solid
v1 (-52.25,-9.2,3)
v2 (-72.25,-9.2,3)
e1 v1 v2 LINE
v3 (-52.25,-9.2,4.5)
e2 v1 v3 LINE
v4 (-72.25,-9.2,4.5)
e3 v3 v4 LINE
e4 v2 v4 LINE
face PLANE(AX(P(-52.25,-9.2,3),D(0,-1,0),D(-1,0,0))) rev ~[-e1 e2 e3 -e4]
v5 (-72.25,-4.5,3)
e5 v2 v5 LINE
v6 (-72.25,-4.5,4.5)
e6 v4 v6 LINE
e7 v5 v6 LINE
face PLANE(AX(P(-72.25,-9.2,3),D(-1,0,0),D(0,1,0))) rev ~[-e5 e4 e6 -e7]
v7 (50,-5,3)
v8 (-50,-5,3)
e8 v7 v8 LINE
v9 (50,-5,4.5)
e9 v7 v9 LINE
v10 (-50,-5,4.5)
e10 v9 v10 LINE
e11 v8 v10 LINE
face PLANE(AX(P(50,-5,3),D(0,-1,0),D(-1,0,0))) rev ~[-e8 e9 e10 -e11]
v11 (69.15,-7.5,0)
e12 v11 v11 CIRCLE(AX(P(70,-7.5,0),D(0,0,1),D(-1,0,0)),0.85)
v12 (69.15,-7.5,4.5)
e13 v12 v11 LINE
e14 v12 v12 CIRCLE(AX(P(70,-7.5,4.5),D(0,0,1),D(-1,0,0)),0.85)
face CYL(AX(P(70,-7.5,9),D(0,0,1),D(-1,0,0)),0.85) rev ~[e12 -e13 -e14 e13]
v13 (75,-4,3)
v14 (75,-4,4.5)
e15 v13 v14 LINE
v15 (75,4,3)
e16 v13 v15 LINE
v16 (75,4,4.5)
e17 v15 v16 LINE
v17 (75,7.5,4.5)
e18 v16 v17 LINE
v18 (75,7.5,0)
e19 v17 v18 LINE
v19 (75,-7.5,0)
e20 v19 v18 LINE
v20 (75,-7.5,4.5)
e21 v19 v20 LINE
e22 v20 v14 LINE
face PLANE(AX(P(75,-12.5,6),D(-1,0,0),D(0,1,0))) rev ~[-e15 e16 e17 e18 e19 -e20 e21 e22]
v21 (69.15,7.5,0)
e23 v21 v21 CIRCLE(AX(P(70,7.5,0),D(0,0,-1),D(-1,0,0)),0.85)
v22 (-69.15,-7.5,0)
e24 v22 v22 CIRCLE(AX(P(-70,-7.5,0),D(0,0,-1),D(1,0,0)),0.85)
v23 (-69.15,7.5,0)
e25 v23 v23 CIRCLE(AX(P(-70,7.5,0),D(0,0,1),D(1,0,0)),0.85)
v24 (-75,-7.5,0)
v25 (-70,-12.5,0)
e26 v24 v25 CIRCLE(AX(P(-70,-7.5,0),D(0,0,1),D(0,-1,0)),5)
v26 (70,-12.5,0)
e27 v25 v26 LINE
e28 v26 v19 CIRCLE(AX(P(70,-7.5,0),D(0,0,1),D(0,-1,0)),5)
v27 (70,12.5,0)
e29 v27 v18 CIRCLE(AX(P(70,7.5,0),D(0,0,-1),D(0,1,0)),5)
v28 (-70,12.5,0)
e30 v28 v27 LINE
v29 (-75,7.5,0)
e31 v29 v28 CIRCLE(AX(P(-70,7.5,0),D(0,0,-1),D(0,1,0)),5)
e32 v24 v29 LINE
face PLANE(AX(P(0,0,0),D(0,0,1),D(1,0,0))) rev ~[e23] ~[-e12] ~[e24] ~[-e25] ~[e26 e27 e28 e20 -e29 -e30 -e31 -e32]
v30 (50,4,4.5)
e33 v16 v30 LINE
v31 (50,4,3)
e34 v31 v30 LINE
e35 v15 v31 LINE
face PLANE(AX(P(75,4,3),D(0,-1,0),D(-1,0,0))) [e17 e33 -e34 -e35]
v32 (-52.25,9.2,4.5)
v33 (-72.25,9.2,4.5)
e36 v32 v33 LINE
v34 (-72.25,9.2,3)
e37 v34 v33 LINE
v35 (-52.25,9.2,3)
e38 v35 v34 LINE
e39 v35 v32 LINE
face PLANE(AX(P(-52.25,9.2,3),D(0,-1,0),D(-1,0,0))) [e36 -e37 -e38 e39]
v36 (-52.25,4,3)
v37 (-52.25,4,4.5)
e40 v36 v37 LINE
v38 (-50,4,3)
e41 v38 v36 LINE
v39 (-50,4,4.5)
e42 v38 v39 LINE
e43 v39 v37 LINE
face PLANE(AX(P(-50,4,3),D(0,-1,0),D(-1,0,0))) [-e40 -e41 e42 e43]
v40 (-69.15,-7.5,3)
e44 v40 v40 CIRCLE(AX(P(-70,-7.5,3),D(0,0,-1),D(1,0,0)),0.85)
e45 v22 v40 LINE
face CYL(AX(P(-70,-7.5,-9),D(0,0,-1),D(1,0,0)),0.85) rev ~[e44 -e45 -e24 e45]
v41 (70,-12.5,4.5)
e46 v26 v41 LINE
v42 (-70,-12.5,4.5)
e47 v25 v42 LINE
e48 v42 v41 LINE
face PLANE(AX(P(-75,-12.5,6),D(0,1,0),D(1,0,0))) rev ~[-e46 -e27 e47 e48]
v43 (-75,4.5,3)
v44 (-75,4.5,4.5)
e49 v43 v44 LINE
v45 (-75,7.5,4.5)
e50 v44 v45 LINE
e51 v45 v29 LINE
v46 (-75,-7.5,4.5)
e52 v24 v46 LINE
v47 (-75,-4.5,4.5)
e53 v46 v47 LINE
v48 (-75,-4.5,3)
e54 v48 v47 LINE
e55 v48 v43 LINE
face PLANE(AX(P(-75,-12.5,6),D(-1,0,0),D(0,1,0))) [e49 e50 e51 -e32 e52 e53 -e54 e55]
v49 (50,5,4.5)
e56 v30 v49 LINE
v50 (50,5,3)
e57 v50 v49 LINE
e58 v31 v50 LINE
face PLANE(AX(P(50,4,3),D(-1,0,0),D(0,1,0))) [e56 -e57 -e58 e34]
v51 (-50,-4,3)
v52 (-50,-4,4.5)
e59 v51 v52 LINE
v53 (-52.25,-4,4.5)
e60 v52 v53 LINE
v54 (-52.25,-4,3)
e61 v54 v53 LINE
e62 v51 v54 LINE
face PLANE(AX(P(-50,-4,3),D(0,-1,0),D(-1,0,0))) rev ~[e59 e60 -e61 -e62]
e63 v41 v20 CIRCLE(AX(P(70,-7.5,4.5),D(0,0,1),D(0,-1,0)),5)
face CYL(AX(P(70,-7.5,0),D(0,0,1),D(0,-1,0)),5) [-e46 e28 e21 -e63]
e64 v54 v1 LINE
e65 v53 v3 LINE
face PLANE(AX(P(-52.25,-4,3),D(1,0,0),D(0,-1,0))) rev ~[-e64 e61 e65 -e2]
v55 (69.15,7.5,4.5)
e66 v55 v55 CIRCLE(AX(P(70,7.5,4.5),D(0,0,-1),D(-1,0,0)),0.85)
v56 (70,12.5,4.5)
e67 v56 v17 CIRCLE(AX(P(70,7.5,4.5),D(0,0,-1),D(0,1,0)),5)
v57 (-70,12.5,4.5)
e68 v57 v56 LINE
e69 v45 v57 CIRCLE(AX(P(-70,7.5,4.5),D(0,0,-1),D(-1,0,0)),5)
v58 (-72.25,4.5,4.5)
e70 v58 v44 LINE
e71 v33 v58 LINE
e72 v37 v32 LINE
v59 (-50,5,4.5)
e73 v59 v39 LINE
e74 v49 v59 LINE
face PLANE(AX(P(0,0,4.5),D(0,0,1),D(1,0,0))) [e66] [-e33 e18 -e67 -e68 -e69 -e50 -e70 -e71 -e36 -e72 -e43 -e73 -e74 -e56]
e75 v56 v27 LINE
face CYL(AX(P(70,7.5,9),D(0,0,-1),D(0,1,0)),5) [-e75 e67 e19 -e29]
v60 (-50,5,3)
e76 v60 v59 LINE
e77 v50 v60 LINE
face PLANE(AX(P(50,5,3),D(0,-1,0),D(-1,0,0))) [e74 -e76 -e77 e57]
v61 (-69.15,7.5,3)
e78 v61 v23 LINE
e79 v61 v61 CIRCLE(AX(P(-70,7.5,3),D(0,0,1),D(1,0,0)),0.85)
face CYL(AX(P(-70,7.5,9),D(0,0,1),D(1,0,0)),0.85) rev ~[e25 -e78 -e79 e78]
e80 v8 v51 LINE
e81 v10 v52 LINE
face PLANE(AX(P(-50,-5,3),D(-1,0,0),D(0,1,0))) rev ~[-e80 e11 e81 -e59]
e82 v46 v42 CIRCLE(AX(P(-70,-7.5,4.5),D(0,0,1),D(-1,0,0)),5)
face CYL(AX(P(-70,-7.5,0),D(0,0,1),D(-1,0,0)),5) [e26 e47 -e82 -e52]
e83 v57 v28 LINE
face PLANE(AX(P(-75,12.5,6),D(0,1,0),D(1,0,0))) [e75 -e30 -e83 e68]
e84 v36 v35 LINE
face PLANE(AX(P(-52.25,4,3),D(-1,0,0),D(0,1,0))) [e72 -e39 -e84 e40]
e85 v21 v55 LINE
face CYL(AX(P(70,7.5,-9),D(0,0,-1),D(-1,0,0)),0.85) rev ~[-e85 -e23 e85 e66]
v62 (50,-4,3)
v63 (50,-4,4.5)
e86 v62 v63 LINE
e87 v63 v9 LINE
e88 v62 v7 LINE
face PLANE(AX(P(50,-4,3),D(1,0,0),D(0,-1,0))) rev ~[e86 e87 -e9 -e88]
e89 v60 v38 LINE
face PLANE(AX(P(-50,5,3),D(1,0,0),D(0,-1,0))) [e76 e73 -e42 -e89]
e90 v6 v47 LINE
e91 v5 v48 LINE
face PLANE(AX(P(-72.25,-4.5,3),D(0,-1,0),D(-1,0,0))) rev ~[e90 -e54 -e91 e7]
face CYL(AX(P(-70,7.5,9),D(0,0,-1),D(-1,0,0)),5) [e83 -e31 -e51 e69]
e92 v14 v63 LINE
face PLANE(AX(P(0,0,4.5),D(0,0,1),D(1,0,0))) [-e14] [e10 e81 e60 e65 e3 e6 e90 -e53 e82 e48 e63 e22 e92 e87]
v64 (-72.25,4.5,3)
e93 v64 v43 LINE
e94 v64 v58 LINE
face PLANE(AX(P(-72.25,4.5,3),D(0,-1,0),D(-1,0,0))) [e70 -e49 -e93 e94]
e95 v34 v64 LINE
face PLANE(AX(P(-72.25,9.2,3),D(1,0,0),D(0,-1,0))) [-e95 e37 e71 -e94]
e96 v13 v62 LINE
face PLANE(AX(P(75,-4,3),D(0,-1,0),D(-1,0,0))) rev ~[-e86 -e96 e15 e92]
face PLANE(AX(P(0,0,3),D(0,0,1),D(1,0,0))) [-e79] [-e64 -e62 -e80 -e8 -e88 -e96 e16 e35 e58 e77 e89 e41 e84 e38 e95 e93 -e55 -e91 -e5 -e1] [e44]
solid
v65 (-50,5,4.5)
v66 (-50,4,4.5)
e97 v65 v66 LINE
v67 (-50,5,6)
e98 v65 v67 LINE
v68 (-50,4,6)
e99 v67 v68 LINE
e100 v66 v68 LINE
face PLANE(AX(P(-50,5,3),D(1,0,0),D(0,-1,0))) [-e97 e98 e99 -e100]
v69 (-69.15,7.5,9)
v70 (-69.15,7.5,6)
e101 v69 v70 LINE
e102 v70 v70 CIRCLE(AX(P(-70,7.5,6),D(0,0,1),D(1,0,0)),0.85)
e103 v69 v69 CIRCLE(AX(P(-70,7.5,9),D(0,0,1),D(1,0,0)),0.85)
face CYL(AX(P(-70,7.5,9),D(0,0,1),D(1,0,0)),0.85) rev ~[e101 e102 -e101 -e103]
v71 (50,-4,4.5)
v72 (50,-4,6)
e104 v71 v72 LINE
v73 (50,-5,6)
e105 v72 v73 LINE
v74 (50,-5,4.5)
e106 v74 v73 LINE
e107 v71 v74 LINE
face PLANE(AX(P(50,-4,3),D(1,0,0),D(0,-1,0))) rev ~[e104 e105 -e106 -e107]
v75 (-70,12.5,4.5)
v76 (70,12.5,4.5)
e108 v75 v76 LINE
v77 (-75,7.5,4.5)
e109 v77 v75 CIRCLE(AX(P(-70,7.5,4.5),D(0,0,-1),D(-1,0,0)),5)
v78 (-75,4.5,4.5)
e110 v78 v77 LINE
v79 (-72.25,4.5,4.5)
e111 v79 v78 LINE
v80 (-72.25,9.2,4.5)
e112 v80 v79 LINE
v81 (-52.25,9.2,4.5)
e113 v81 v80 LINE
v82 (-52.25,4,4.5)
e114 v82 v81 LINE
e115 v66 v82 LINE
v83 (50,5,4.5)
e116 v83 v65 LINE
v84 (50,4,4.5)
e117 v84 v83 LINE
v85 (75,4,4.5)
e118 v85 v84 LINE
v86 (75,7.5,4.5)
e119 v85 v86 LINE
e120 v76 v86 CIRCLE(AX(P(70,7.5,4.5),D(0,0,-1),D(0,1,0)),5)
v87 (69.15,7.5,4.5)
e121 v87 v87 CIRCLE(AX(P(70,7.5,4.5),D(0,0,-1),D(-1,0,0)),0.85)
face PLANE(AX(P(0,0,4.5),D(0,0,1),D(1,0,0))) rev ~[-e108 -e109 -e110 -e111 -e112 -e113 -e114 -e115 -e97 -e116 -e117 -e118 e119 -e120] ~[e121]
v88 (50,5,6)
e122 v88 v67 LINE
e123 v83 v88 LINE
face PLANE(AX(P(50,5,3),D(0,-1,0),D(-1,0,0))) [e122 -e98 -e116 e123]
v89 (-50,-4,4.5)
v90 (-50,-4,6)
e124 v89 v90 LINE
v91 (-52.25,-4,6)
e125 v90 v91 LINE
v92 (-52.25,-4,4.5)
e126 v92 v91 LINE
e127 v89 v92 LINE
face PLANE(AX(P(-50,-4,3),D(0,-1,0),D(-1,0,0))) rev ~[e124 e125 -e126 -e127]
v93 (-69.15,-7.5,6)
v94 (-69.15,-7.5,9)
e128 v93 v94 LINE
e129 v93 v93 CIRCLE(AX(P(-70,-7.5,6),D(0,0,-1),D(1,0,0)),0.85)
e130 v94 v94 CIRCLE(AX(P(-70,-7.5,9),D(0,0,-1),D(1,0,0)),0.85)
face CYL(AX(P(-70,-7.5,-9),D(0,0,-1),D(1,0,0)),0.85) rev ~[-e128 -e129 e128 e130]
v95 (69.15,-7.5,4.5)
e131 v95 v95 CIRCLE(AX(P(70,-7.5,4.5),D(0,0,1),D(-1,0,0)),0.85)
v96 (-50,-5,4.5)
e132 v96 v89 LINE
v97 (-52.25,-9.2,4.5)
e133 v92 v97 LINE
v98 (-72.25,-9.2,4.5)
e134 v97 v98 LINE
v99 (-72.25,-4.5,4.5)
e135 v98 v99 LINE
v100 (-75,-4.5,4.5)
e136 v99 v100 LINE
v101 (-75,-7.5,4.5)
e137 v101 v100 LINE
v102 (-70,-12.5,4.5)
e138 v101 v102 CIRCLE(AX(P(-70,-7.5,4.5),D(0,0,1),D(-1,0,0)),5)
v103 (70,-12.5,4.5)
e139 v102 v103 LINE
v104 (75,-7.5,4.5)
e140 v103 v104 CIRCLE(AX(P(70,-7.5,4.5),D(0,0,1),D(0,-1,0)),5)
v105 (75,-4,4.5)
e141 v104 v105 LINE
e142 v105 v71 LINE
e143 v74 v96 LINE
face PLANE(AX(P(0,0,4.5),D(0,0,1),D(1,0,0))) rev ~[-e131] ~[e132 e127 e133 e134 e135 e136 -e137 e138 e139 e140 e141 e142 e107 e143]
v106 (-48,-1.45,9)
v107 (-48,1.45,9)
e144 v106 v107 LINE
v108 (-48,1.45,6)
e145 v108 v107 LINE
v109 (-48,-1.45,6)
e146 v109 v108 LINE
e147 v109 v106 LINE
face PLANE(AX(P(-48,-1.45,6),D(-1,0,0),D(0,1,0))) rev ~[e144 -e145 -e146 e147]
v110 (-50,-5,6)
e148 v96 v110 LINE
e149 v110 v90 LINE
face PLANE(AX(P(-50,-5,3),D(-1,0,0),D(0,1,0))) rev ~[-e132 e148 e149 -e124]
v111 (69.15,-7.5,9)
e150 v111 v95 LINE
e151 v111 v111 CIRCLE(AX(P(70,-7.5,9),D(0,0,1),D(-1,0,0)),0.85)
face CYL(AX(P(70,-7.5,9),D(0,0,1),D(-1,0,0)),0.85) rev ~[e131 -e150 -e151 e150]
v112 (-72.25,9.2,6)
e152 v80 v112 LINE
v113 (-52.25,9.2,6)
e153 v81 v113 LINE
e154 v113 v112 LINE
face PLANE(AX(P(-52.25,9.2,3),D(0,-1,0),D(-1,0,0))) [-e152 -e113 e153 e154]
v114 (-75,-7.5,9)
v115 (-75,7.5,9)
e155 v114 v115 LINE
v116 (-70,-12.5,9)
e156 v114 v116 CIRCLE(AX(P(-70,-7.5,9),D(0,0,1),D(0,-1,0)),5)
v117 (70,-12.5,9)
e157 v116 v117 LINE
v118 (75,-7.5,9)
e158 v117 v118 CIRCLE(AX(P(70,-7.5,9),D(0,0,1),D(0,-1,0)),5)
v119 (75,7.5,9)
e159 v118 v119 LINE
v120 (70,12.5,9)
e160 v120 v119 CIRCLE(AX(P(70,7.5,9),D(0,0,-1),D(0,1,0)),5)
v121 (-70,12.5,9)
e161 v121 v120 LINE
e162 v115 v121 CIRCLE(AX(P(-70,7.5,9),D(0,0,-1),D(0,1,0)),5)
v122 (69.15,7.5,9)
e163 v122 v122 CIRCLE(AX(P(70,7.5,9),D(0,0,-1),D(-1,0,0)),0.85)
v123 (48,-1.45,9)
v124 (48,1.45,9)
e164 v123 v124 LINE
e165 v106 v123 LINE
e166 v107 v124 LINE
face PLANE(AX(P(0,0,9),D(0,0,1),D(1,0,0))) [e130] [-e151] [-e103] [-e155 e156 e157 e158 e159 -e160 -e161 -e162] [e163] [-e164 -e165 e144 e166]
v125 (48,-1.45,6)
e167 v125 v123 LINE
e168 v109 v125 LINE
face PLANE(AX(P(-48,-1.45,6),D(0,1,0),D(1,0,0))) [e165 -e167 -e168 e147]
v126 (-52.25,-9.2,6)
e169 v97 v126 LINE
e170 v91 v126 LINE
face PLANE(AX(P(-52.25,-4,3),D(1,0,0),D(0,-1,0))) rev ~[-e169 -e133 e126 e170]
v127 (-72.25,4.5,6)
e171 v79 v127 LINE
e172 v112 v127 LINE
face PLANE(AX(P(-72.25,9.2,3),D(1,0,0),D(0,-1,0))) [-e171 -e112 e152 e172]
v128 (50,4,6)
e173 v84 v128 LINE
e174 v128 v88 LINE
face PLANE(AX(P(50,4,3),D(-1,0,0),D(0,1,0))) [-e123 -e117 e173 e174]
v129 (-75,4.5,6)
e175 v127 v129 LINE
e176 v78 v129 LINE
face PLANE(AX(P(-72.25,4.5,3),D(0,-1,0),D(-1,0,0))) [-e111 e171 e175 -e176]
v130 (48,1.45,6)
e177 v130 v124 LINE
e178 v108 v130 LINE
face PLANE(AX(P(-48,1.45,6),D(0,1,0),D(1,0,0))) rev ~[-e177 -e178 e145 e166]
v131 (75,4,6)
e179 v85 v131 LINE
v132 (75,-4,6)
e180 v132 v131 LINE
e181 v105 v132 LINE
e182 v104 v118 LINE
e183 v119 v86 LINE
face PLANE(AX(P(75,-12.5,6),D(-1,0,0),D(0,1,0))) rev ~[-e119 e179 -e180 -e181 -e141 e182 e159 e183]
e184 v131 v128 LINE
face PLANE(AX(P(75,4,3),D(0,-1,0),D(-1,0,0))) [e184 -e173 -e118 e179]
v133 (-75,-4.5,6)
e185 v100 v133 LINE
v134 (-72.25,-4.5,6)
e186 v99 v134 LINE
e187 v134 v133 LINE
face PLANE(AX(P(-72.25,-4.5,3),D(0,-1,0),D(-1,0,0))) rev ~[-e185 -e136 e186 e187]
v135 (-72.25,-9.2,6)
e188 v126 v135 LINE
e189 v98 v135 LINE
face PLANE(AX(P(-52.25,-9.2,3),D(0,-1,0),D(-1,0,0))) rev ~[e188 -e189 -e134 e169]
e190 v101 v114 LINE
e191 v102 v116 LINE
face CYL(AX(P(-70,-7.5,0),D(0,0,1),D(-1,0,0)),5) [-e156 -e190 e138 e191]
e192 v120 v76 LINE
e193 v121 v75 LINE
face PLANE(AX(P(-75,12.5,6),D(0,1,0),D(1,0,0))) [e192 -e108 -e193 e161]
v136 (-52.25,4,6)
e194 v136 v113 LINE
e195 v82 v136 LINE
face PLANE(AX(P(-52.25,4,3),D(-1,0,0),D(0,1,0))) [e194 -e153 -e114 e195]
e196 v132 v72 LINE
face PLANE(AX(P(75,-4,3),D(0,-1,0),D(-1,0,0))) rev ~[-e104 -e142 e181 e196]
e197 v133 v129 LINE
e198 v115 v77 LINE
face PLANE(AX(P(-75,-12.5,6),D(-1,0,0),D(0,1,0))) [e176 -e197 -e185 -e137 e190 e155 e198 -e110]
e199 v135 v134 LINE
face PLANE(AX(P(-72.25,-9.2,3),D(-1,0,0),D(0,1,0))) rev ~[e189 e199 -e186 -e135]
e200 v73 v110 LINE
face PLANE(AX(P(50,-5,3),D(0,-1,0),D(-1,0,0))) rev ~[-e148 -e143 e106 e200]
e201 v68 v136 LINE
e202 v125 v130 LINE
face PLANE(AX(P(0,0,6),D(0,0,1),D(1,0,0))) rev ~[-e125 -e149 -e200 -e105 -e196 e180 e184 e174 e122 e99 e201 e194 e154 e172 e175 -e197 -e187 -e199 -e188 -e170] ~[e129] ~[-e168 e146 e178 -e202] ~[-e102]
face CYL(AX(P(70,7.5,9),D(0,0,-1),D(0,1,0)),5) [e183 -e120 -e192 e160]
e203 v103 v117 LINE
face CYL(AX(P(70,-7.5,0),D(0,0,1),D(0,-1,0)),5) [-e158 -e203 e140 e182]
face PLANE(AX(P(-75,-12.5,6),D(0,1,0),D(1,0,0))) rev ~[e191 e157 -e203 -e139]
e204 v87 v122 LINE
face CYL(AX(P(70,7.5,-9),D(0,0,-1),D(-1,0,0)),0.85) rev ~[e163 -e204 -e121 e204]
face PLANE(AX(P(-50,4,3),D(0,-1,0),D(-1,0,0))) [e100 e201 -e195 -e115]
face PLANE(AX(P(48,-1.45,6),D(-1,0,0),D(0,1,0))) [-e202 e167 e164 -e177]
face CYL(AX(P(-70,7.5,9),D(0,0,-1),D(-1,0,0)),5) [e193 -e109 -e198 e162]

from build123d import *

# Parameters (mm, degrees)
BOX_BOTTOM_HALF_0_W     = 152
BOX_BOTTOM_HALF_0_H     = 27
BOX_BOTTOM_HALF_0_DEPTH = 5.5
SKETCH_W                = 150
SKETCH_H                = 25
PAD_DEPTH               = 3
PAD001_DEPTH            = 3
SKETCH004_W             = 150
SKETCH004_H             = 25
SKETCH004_W_2           = 96
SKETCH004_H_2           = 2.9
PAD002_DEPTH            = 3
SKETCH005_R             = 0.85
POCKET_DEPTH            = 313.671314
POLARPATTERN_COUNT      = 2
POLARPATTERN001_COUNT   = 2
POLARPATTERN002_COUNT   = 2
FILLET_R                = 5


with BuildPart() as box_bottom_half_0_body:
    # box_bottom_half_0 → box_bottom_half_0 (new body)
    with BuildSketch(Plane(origin=(-76, -13.5, -1), x_dir=(1, 0, 0), z_dir=(0, 0, 1))):
        with Locations((76, 13.5)):
            Rectangle(BOX_BOTTOM_HALF_0_W, BOX_BOTTOM_HALF_0_H)
    extrude(amount=BOX_BOTTOM_HALF_0_DEPTH)


with BuildPart() as body:
    # Sketch → Pad (new body)
    with BuildSketch(Plane.XY):
        Rectangle(SKETCH_W, SKETCH_H)
    extrude(amount=PAD_DEPTH)

    # Sketch001 (on Face6 of Pad) → Pad001 (join)
    with BuildSketch(Plane.XY.offset(3)):
        Polygon((-75, 12.5), (75, 12.5), (75, 4), (50, 4), (50, 5), (-50, 5), (-50, 4), (-52.25, 4), (-52.25, 9.2), (-72.25, 9.2), (-72.25, 4.5), (-75, 4.5), align=None)
        Polygon((-75, -12.5), (75, -12.5), (75, -4), (50, -4), (50, -5), (-50, -5), (-50, -4), (-52.25, -4), (-52.25, -9.2), (-72.25, -9.2), (-72.25, -4.5), (-75, -4.5), align=None)
    extrude(amount=PAD001_DEPTH)

    # Sketch004 (on Face12 of Pad001) → Pad002 (join)
    with BuildSketch(Plane.XY.offset(6)):
        Rectangle(SKETCH004_W, SKETCH004_H)
        Rectangle(SKETCH004_W_2, SKETCH004_H_2, mode=Mode.SUBTRACT)
    extrude(amount=PAD002_DEPTH)

    # Sketch005 (on Face34 of Pad002) → Pocket (cut, through all)
    with BuildSketch(Plane.XY.offset(9)):
        with Locations((-70, 7.5)):
            Circle(SKETCH005_R)
    pocket = extrude(amount=-POCKET_DEPTH, mode=Mode.SUBTRACT)

    # PolarPattern: Pocket ×2 about axis
    polarpattern_axis = Axis((0, 0, 9), (0, 0, 1))
    for i in range(1, POLARPATTERN_COUNT):
        add(pocket.rotate(polarpattern_axis, i * 360 / POLARPATTERN_COUNT), mode=Mode.SUBTRACT)

    # PolarPattern001: Pocket ×2 about axis
    polarpattern001_axis = Axis((0, 0, 0), (0, 1, 0))
    for i in range(1, POLARPATTERN001_COUNT):
        add(pocket.rotate(polarpattern001_axis, i * 360 / POLARPATTERN001_COUNT), mode=Mode.SUBTRACT)

    # PolarPattern002: Pocket ×2 about axis
    polarpattern002_axis = Axis((0, 0, 0), (1, 0, 0))
    for i in range(1, POLARPATTERN002_COUNT):
        add(pocket.rotate(polarpattern002_axis, i * 360 / POLARPATTERN002_COUNT), mode=Mode.SUBTRACT)

    # Fillet
    fillet_edges = [body.edges().sort_by_distance(p)[0] for p in [
        (75, -12.5, 7.5),
        (75, 12.5, 7.5),
        (-75, -12.5, 7.5),
        (-75, 12.5, 7.5),
    ]]
    fillet(fillet_edges, radius=FILLET_R)


with BuildPart() as bottom_half_0_body:
    # bottom_half_0 base: copy of Body
    add(body.part)

    # bottom_half_0: intersect box_bottom_half_0 body
    add(box_bottom_half_0_body.part, mode=Mode.INTERSECT)


with BuildPart() as top_half_0_body:
    # top_half_0 base: copy of Body
    add(body.part)

    # top_half_0: cut box_bottom_half_0 body
    add(box_bottom_half_0_body.part, mode=Mode.SUBTRACT)


solid = Compound([bottom_half_0_body.part, top_half_0_body.part])
